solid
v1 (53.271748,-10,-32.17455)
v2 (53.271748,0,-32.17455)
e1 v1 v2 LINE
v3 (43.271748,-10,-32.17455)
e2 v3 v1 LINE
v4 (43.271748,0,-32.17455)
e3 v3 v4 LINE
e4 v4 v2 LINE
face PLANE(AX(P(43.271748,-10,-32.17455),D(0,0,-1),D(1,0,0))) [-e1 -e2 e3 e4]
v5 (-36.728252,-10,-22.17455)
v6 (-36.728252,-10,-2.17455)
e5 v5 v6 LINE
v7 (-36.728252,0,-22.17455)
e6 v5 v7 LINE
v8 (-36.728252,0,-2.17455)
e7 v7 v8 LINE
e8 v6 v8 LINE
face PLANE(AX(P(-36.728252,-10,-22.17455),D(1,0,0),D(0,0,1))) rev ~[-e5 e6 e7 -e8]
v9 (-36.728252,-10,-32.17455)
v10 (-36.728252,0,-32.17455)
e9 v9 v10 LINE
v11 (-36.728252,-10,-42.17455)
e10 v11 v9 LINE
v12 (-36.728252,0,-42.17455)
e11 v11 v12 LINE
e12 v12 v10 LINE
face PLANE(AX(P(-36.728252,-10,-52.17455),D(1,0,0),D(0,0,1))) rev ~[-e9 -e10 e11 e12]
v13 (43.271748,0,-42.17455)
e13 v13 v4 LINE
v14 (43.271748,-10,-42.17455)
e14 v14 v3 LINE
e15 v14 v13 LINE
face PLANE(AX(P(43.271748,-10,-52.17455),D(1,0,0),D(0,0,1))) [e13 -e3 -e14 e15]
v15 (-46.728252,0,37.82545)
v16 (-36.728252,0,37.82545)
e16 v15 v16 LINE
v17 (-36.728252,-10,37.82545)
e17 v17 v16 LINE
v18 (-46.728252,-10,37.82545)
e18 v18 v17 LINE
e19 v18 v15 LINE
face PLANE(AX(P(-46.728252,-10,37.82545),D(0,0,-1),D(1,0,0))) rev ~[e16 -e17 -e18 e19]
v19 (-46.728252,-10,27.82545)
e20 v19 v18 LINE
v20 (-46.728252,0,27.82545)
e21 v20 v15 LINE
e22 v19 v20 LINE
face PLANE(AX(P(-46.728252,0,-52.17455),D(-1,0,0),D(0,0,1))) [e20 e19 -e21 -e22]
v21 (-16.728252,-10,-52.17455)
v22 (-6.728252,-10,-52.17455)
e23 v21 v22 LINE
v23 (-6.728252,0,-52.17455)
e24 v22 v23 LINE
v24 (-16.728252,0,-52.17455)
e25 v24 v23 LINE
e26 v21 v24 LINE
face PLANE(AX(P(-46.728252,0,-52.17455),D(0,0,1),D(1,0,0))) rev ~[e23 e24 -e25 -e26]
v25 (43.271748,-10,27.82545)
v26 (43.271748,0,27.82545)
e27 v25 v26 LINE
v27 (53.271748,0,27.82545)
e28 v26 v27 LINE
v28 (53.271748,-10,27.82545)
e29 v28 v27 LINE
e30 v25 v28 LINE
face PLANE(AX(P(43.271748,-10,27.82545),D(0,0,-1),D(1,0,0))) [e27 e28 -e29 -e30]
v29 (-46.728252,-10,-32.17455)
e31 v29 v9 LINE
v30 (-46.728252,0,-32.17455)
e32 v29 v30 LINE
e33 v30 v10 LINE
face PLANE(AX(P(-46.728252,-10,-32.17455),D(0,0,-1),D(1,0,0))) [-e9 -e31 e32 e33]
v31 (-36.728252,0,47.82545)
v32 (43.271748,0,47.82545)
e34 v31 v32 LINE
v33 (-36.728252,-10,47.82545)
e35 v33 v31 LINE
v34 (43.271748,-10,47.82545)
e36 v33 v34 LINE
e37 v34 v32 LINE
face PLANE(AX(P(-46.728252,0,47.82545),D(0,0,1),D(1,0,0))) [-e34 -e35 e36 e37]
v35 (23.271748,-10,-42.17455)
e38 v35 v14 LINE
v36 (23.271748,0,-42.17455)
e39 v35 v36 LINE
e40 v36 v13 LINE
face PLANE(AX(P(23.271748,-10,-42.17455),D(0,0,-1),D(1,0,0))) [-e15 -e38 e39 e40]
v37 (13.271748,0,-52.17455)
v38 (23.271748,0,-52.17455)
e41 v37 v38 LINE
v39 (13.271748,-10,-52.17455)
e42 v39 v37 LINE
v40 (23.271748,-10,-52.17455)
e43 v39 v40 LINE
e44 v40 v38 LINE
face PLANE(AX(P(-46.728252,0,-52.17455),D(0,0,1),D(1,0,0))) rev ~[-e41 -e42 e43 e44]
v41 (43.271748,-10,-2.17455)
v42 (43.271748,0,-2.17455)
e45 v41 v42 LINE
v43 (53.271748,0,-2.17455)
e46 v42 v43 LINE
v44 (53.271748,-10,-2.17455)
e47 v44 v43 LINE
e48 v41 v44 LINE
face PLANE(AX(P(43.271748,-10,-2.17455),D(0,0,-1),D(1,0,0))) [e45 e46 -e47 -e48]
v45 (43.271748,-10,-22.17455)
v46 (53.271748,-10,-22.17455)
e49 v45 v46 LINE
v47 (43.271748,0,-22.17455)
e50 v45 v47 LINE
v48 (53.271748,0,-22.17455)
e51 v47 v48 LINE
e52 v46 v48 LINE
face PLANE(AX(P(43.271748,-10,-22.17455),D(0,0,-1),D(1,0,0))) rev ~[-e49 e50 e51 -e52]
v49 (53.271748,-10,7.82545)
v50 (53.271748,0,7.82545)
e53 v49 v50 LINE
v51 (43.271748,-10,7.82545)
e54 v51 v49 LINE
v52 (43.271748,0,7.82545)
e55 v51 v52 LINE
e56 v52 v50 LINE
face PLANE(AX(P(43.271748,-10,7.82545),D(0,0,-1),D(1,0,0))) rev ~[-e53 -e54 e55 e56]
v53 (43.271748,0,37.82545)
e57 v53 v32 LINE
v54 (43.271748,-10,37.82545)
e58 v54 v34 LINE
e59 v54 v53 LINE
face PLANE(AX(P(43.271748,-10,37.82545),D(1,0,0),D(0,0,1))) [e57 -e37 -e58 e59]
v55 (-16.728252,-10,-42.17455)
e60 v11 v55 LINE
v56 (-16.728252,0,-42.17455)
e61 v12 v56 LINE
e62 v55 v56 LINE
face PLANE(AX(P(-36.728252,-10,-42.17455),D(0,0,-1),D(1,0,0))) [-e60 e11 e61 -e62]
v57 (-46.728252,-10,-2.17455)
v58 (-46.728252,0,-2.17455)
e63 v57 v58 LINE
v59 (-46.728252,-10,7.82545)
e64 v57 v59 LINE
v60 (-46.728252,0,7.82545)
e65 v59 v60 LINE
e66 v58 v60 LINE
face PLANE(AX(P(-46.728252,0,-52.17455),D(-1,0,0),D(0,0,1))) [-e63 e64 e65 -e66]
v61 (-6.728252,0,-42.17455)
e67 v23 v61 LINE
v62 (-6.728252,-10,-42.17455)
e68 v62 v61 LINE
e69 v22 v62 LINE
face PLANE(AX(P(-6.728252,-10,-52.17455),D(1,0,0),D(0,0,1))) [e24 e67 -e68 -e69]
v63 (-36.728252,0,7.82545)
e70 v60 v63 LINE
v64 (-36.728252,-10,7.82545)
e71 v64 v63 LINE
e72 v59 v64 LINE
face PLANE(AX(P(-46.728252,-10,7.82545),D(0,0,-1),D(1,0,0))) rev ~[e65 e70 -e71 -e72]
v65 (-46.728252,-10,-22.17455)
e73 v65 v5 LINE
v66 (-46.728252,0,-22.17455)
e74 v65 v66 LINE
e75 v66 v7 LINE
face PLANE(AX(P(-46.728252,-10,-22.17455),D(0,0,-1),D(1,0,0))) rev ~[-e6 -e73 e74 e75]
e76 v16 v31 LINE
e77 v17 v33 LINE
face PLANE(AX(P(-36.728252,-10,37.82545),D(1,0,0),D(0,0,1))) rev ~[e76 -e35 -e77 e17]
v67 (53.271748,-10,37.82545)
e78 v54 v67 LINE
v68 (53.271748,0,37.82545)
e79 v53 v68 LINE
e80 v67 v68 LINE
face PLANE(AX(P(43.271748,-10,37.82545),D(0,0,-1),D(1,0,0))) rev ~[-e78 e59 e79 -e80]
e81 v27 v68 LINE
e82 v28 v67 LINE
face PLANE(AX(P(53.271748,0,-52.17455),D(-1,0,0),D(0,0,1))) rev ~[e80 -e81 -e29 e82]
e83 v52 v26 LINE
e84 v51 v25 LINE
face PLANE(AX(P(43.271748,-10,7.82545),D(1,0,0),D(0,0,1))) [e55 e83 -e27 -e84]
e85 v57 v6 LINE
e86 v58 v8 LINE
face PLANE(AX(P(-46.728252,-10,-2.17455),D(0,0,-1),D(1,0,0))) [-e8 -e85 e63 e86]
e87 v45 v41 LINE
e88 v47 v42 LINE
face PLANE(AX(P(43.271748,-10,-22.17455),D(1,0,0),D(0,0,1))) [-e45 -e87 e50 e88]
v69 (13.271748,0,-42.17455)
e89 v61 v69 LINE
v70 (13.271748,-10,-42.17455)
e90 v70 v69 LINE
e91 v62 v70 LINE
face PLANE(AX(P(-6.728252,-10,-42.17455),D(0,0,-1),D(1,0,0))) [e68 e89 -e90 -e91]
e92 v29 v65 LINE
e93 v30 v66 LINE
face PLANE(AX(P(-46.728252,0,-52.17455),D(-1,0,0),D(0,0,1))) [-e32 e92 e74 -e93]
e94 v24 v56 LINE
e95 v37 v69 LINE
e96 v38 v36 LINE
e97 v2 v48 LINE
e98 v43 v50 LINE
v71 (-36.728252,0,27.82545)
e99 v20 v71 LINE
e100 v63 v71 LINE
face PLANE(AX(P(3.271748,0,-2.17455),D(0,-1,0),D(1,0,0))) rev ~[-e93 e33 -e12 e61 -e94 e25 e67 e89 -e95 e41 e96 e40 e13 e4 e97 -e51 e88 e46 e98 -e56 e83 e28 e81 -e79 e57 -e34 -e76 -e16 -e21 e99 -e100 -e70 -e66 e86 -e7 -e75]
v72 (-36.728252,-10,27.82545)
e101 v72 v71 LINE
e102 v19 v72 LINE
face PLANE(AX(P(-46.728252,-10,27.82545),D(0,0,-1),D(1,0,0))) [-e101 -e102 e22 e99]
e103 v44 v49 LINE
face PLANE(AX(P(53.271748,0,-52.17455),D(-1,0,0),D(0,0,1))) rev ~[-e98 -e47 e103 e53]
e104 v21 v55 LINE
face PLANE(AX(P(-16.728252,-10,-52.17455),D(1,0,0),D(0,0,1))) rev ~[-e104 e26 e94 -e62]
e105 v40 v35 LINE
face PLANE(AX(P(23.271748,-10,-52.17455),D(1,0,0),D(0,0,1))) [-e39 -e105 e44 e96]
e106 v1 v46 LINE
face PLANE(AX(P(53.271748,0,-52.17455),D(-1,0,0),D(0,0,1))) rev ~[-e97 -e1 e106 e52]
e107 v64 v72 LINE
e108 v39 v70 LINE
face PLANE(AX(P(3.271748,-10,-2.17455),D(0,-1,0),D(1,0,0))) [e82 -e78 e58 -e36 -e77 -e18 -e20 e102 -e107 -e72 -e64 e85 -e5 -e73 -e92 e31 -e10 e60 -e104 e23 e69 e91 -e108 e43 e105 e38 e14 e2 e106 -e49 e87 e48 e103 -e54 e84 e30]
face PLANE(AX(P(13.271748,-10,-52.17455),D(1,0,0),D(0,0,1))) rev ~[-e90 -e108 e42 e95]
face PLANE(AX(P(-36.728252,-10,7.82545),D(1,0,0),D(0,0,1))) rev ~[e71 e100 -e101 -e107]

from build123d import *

# Parameters (mm, degrees)
F0_W      = 100
F0_H      = 100
F1_DEPTH  = 10
F2_W      = 10
F2_H      = 10
F3_DEPTH  = 10
F4_W      = 10
F4_H      = 20
F5_DEPTH  = 10
F6_W      = 10
F6_H      = 20
F7_DEPTH  = 10
F8_W      = 10
F8_H      = 20
F9_DEPTH  = 10
F10_W     = 20
F10_H     = 10
F11_DEPTH = 10
F12_W     = 20
F12_H     = 10
F13_DEPTH = 10
F14_W     = 20
F14_H     = 10
F15_DEPTH = 10
F16_W     = 10
F16_H     = 10
F17_DEPTH = 10
F18_W     = 10
F18_H     = 20
F19_DEPTH = 10
F20_W     = 10
F20_H     = 20
F21_DEPTH = 10
F22_W     = 10
F22_H     = 20
F23_DEPTH = 10


with BuildPart() as f1:
    # F0 (on Front) → F1 (new body)
    with BuildSketch(Plane.XZ):
        with Locations((3.271748, -2.17455)):
            Rectangle(F0_W, F0_H)
    extrude(amount=F1_DEPTH)

    # F2 (on face) → F3 (cut)
    with BuildSketch(Plane.XZ.offset(10)):
        with Locations((-41.728252, 42.82545)):
            Rectangle(F2_W, F2_H)
    extrude(amount=-F3_DEPTH, mode=Mode.SUBTRACT)

    # F4 (on face) → F5 (cut)
    with BuildSketch(Plane.XZ.offset(10)):
        with Locations((-41.728252, 17.82545)):
            Rectangle(F4_W, F4_H)
    extrude(amount=-F5_DEPTH, mode=Mode.SUBTRACT)

    # F6 (on face) → F7 (cut)
    with BuildSketch(Plane.XZ.offset(10)):
        with Locations((-41.728252, -12.17455)):
            Rectangle(F6_W, F6_H)
    extrude(amount=-F7_DEPTH, mode=Mode.SUBTRACT)

    # F8 (on face) → F9 (cut)
    with BuildSketch(Plane.XZ.offset(10)):
        with Locations((-41.728252, -42.17455)):
            Rectangle(F8_W, F8_H)
    extrude(amount=-F9_DEPTH, mode=Mode.SUBTRACT)

    # F10 (on face) → F11 (cut)
    with BuildSketch(Plane.XZ.offset(10)):
        with Locations((-26.728252, -47.17455)):
            Rectangle(F10_W, F10_H)
    extrude(amount=-F11_DEPTH, mode=Mode.SUBTRACT)

    # F12 (on face) → F13 (cut)
    with BuildSketch(Plane.XZ.offset(10)):
        with Locations((3.271748, -47.17455)):
            Rectangle(F12_W, F12_H)
    extrude(amount=-F13_DEPTH, mode=Mode.SUBTRACT)

    # F14 (on face) → F15 (cut)
    with BuildSketch(Plane.XZ.offset(10)):
        with Locations((33.271748, -47.17455)):
            Rectangle(F14_W, F14_H)
    extrude(amount=-F15_DEPTH, mode=Mode.SUBTRACT)

    # F16 (on face) → F17 (cut)
    with BuildSketch(Plane.XZ.offset(10)):
        with Locations((48.271748, 42.82545)):
            Rectangle(F16_W, F16_H)
    extrude(amount=-F17_DEPTH, mode=Mode.SUBTRACT)

    # F18 (on face) → F19 (cut)
    with BuildSketch(Plane.XZ.offset(10)):
        with Locations((48.271748, 17.82545)):
            Rectangle(F18_W, F18_H)
    extrude(amount=-F19_DEPTH, mode=Mode.SUBTRACT)

    # F20 (on face) → F21 (cut)
    with BuildSketch(Plane.XZ.offset(10)):
        with Locations((48.271748, -12.17455)):
            Rectangle(F20_W, F20_H)
    extrude(amount=-F21_DEPTH, mode=Mode.SUBTRACT)

    # F22 (on face) → F23 (cut)
    with BuildSketch(Plane.XZ.offset(10)):
        with Locations((48.271748, -42.17455)):
            Rectangle(F22_W, F22_H)
    extrude(amount=-F23_DEPTH, mode=Mode.SUBTRACT)


solid = f1.part
